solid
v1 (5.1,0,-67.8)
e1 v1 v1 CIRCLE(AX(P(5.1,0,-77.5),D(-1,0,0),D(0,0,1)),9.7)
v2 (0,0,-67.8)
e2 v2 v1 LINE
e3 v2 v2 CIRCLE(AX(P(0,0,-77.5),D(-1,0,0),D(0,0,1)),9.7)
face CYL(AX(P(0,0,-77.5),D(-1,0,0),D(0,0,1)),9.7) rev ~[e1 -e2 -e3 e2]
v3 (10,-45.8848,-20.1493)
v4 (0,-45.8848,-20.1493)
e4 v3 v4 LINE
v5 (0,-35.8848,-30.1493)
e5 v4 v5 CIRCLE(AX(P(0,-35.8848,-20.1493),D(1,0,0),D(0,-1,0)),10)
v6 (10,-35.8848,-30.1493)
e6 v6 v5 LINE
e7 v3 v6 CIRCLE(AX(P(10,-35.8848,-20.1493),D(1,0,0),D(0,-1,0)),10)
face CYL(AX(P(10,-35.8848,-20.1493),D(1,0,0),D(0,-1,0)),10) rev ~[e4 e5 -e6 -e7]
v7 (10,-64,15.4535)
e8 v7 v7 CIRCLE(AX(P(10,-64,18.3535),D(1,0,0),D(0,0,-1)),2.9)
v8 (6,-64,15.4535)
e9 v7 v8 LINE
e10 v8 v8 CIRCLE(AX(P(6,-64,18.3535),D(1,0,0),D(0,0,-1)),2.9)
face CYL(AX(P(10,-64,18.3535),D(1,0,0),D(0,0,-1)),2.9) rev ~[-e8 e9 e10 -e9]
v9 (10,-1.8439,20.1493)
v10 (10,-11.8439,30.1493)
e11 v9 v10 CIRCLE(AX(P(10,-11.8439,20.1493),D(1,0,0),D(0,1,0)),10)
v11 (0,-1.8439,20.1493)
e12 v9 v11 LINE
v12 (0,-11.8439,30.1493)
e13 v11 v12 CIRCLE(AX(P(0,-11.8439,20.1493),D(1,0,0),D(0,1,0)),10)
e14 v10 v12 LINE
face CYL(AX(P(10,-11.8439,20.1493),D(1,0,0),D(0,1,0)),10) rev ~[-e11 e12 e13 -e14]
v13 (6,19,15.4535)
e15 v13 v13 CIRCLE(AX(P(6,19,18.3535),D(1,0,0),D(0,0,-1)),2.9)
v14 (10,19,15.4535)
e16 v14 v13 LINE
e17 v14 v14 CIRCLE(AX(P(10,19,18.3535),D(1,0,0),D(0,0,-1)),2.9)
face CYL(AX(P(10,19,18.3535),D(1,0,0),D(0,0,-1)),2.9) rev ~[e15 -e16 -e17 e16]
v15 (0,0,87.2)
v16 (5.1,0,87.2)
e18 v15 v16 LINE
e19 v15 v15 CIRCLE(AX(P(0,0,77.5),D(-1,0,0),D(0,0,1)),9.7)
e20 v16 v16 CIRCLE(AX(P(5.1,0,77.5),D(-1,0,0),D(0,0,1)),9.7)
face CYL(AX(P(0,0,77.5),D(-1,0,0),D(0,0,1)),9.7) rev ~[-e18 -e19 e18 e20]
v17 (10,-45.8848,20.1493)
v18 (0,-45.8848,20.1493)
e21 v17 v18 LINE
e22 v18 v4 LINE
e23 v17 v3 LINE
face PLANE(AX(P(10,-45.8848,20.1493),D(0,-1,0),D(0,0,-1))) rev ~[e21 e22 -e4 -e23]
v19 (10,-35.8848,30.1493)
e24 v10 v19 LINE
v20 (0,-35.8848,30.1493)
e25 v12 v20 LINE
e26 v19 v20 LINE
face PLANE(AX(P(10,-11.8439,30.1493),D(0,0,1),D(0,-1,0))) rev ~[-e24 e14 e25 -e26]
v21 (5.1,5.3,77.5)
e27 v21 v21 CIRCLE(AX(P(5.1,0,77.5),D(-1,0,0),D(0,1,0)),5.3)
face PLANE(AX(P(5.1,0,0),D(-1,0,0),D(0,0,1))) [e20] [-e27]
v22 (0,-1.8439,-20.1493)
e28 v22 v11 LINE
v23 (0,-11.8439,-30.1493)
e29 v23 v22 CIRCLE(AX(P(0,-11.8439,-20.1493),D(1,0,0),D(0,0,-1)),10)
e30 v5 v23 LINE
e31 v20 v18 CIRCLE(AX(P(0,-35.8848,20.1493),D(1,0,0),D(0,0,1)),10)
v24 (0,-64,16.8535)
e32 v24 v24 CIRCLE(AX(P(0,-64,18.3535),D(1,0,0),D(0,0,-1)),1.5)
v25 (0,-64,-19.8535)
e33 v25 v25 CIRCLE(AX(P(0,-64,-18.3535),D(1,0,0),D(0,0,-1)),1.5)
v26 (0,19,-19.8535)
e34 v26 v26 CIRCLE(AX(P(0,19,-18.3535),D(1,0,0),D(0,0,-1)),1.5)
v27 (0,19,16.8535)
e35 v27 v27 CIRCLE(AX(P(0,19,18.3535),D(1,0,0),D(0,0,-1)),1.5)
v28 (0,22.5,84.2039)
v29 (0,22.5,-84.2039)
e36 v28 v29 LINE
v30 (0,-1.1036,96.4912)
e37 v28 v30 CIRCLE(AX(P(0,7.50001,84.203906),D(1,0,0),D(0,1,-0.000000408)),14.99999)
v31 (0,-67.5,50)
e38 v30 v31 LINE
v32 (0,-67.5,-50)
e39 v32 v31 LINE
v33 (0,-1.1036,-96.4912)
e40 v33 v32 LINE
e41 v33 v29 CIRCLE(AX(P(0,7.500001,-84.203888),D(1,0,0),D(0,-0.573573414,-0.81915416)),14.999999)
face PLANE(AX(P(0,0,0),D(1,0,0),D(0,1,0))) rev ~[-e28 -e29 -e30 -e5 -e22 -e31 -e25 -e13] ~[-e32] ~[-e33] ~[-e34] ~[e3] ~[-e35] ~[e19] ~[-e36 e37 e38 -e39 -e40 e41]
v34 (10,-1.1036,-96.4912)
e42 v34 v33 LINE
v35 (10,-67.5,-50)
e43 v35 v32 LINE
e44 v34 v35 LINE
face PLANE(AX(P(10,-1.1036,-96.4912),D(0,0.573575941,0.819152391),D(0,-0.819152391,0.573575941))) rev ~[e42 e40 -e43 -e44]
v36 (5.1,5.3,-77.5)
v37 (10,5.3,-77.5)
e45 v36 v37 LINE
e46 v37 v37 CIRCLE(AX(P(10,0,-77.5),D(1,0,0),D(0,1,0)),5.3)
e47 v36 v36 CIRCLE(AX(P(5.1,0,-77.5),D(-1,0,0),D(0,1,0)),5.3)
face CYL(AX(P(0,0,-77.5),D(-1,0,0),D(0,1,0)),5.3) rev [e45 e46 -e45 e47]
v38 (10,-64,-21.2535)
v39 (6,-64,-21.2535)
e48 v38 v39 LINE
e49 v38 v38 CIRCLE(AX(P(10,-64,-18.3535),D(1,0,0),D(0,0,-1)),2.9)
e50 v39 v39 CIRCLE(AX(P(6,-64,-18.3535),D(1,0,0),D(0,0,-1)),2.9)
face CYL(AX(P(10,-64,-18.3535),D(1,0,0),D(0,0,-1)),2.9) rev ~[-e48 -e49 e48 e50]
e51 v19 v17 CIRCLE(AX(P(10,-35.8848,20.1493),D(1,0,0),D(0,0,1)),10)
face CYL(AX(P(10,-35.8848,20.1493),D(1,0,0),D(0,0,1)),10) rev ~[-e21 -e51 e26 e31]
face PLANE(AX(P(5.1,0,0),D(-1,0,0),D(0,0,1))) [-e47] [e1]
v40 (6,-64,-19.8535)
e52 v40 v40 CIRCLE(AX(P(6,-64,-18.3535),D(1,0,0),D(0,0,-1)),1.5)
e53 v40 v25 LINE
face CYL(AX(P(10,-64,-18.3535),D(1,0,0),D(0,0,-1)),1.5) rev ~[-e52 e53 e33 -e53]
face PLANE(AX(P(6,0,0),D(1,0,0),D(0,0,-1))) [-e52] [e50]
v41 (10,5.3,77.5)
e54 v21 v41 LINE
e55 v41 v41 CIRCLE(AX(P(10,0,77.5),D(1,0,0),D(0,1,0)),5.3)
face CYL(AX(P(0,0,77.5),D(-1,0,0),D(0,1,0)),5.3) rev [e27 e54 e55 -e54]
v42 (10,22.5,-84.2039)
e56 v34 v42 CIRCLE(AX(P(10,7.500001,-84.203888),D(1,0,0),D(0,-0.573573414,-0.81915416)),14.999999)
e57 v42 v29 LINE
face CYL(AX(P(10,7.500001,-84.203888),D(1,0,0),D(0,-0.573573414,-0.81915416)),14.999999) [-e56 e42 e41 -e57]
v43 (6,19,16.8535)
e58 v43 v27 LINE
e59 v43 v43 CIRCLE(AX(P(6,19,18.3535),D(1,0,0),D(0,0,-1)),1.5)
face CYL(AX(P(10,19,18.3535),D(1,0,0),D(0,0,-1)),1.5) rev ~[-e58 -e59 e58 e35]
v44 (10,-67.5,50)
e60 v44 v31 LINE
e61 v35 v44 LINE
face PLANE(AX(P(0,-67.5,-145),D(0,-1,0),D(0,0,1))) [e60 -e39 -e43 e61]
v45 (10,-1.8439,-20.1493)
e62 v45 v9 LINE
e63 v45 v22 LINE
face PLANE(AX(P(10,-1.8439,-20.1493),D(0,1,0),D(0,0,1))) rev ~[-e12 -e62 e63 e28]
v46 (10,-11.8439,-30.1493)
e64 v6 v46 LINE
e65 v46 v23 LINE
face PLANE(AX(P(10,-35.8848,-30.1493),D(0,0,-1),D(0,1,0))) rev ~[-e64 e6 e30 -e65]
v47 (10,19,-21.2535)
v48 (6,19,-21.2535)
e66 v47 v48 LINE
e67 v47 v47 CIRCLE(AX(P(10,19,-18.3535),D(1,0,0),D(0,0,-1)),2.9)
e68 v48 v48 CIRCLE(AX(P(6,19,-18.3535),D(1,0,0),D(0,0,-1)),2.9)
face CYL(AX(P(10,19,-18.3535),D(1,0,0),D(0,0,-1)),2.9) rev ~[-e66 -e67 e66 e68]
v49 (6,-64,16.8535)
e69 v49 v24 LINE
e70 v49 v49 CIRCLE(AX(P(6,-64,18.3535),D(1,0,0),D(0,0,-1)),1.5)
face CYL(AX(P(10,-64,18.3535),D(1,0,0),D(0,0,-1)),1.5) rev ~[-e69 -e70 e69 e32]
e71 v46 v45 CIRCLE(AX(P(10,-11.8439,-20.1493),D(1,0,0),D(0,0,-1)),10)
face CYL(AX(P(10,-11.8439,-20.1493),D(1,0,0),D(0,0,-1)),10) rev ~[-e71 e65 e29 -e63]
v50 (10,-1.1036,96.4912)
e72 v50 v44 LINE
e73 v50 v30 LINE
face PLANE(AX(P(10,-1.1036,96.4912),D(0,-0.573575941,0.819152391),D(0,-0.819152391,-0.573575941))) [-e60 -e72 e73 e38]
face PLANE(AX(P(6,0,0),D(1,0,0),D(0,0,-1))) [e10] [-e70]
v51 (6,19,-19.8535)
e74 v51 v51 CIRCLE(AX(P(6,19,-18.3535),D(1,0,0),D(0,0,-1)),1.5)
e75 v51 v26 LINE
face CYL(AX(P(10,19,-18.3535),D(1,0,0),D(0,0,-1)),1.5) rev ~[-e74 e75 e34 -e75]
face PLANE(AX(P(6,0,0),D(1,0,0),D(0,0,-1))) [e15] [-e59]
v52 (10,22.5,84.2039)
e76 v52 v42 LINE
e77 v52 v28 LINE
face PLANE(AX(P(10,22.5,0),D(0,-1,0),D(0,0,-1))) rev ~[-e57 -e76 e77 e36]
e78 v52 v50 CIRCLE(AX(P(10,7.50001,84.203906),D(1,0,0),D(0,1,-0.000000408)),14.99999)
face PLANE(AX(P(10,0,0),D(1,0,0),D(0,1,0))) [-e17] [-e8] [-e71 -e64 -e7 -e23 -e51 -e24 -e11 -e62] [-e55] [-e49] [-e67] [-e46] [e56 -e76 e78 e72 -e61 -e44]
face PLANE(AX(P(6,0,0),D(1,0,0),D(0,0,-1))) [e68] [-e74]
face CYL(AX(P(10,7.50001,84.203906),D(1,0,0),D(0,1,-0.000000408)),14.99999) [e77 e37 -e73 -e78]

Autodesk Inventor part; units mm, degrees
ref_plane "YZ Plane" through (0, 0, 0) normal (1, 0, 0) x (0, 1, 0)
ref_plane "XZ Plane" through (0, 0, 0) normal (0, 1, 0) x (-1, 0, 0)
ref_plane "XY Plane" through (0, 0, 0) normal (0, 0, 1) x (1, 0, 0)
sketch "Sketch1" plane through (0, 0, 0) normal (1, 0, 0) x (0, 1, 0)
  line L0 (-67.5, 145) -> (67.5, 145)
  line L1 (67.5, 145) -> (67.5, -145)
  line L2 (67.5, -145) -> (-67.5, -145)
  line L3 (-67.5, -145) -> (-67.5, 145)
  line L4 (-67.5, 145) -> (67.5, -145) construction
  line L5 (67.5, 145) -> (-67.5, -145) construction
  circle A0 centre (0, 77.5) radius 5.3
  circle A1 centre (0, -77.5) radius 5.3
  circle A2 centre (0, 0) radius 5.3
  line L6 (0, 77.5) -> (0, -77.5) construction
  line L7 (57.5, -135) -> (57.5, 135)
  line L8 (57.5, 135) -> (-57.5, 135)
  line L9 (-57.5, 135) -> (-57.5, -135)
  line L10 (-57.5, -135) -> (57.5, -135)
  dimension "d0" = 155
  dimension "d1" = 10.6
  dimension "d2" = 290
  dimension "d3" = 135
  dimension "d4" = 10
extrude "Extrusion1" add sketch "Sketch1" along normal blind 10 contours L0 L1 L2 L3 | A2 | L10 L9 L8 L7
chamfer "Chamfer2" distance 20 angle 45 4 edges at (5, 67.5, -145) (5, -67.5, -145) (5, -67.5, 145) (5, 67.5, 145)
sketch "Sketch5" plane through (10, 0, 0) normal (1, 0, 0) x (0, 0, -1)
  line L0 (50, -67.5) -> (-50, -67.5) projected
  circle A0 centre (0, -15) radius 11 projected
  circle A1 centre (33.234, -33.234) radius 2.75 projected
  circle A2 centre (-33.234, -33.234) radius 2.75 projected
  line L1 (96.4912, -1.1036) -> (50, -67.5) projected
  line L2 (-50, -67.5) -> (-96.4912, -1.1036) projected
  arc A3 (-84.2039, 22.5) -> (-96.4912, -1.1036) centre (-84.2039, 7.5) ccw projected
  line L3 (-84.2039, 22.5) -> (84.2039, 22.5) projected
  arc A4 (96.4912, -1.1036) -> (84.2039, 22.5) centre (84.2039, 7.5) ccw projected
  circle A5 centre (-18.3535, 19) radius 1.5 projected
  circle A6 centre (18.3535, -64) radius 1.5 projected
  circle A7 centre (18.3535, 19) radius 1.5 projected
  circle A8 centre (-18.3535, -64) radius 1.5 projected
  point P0 (0, 0)
extrude "Extrusion4" [suppressed]
sketch "Sketch6" plane through (10, 0, 0) normal (1, 0, 0) x (0, 0, -1)
  line L0 (-145, 47.5) -> (-125, 67.5) projected
  line L1 (-145, 47.5) -> (-145, -47.5) projected
  line L2 (-125, -67.5) -> (-145, -47.5) projected
  line L3 (-125, -67.5) -> (125, -67.5) projected
  line L4 (145, -47.5) -> (125, -67.5) projected
  line L5 (145, -47.5) -> (145, 47.5) projected
  line L6 (125, 67.5) -> (145, 47.5) projected
  line L7 (125, 67.5) -> (-125, 67.5) projected
  circle A0 centre (-77.5, 0) radius 5.3 projected
  circle A1 centre (77.5, 0) radius 5.3 projected
  circle A2 centre (-131.5, 54) radius 2.9
  circle A3 centre (-96.5, -41.5) radius 2.9
  circle A4 centre (96.5, -41.5) radius 2.9
  circle A5 centre (111.5, 46.5) radius 2.9
  point P0 (0, 0)
  dimension "d21" = 5.8
extrude "Extrusion5" cut sketch "Sketch6" against normal blind 3.5 contours A2 | A3 | A4 | A5
sketch "Sketch7" plane through (10, 0, 0) normal (1, 0, 0) x (0, 0, -1)
  circle A0 centre (96.5, -41.5) radius 2.9 projected
  circle A1 centre (-96.5, -41.5) radius 2.9 projected
  circle A2 centre (111.5, 46.5) radius 2.9 projected
  circle A3 centre (-131.5, 54) radius 2.9 projected
  line L0 (-145, 47.5) -> (-125, 67.5) projected
  line L1 (-145, 47.5) -> (-145, -47.5) projected
  line L2 (-125, -67.5) -> (-145, -47.5) projected
  line L3 (-125, -67.5) -> (125, -67.5) projected
  line L4 (145, -47.5) -> (125, -67.5) projected
  line L5 (145, -47.5) -> (145, 47.5) projected
  line L6 (125, 67.5) -> (145, 47.5) projected
  line L7 (125, 67.5) -> (-125, 67.5) projected
  circle A4 centre (-77.5, 0) radius 5.3 projected
  circle A5 centre (77.5, 0) radius 5.3 projected
  line L8 (0, -67.5) -> (0, 22.5)
  line L9 (0, 22.5) -> (-84.2039, 22.5)
  line L10 (-96.4912, -1.1036) -> (-50, -67.5)
  line L11 (-125, -67.5) -> (125, -67.5) projected
  arc A6 (-84.2039, 22.5) -> (-96.4912, -1.1036) centre (-84.2039, 7.5) ccw
  line L12 (0, 22.5) -> (84.2039, 22.5)
  line L13 (96.4912, -1.1036) -> (50, -67.5)
  arc A7 (96.4912, -1.1036) -> (84.2039, 22.5) centre (84.2039, 7.5) ccw
  point P0 (0, 0)
  point P1 (-50, -67.5)
  point P2 (50, -67.5)
  dimension "d27" = 90
  dimension "d28" = 15
  dimension "d29" = 50
  dimension "d30" = 55
extrude "Extrusion6" cut sketch "Sketch7" against normal through all contours A0 | A1 | A2 | A3 | L0 L7 L6 L5 L4 L3 L13 A7 L12 L9 A6 L10 L2 L1
sketch "Sketch8" plane through (10, 0, 0) normal (1, 0, 0) x (0, 0, -1)
  circle A0 centre (-18.3535, 19) radius 1.5 projected
  circle A1 centre (18.3535, 19) radius 1.5 projected
  circle A2 centre (18.3535, -64) radius 1.5 projected
  circle A3 centre (-18.3535, -64) radius 1.5 projected
  point P0 (0, 0)
extrude "Extrusion7" cut sketch "Sketch8" against normal through all
sketch "Sketch9" plane through (10, 0, 0) normal (1, 0, 0) x (0, 0, -1)
  circle A0 centre (-18.3535, -64) radius 1.5 projected
  circle A1 centre (18.3535, 19) radius 1.5 projected
  circle A2 centre (18.3535, -64) radius 1.5 projected
  circle A3 centre (-18.3535, 19) radius 1.5 projected
  line L0 (-96.4912, -1.1036) -> (-50, -67.5) projected
  line L1 (-50, -67.5) -> (50, -67.5) projected
  line L2 (50, -67.5) -> (96.4912, -1.1036) projected
  arc A4 (96.4912, -1.1036) -> (84.2039, 22.5) centre (84.2039, 7.5) ccw projected
  line L3 (84.2039, 22.5) -> (-84.2039, 22.5) projected
  arc A5 (-84.2039, 22.5) -> (-96.4912, -1.1036) centre (-84.2039, 7.5) ccw projected
  circle A6 centre (-77.5, 0) radius 5.3 projected
  circle A7 centre (77.5, 0) radius 5.3 projected
  circle A8 centre (-18.3535, 19) radius 2.9
  circle A9 centre (18.3535, 19) radius 2.9
  circle A10 centre (-18.3535, -64) radius 2.9
  circle A11 centre (18.3535, -64) radius 2.9
  point P0 (0, 0)
  dimension "d35" = 5.8
extrude "Extrusion8" cut sketch "Sketch9" against normal blind 4 contours A0 | A1 | A2 | A3 | A8 | A9 | A10 | A11
sketch "Sketch10" plane through (10, 0, 0) normal (1, 0, 0) x (0, 0, -1)
  line L0 (-20.1493, -45.8848) -> (20.1493, -45.8848)
  line L1 (30.1493, -35.8848) -> (30.1493, -11.8439)
  line L2 (20.1493, -1.8439) -> (-20.1493, -1.8439)
  line L3 (-30.1493, -11.8439) -> (-30.1493, -35.8848)
  line L4 (-30.1493, -45.8848) -> (30.1493, -1.8439) construction
  line L5 (30.1493, -45.8848) -> (-30.1493, -1.8439) construction
  arc A0 (-20.1493, -1.8439) -> (-30.1493, -11.8439) centre (-20.1493, -11.8439) ccw
  arc A1 (30.1493, -11.8439) -> (20.1493, -1.8439) centre (20.1493, -11.8439) ccw
  arc A2 (20.1493, -45.8848) -> (30.1493, -35.8848) centre (20.1493, -35.8848) ccw
  arc A3 (-30.1493, -35.8848) -> (-20.1493, -45.8848) centre (-20.1493, -35.8848) ccw
  point P0 (0, 0)
  point P1 (0, -23.8644)
  dimension "d38" = 10
extrude "Extrusion9" cut sketch "Sketch10" against normal through all
sketch "Sketch11" plane through (0, 0, 0) normal (-1, 0, 0) x (0, 0, 1)
  circle A0 centre (-77.5, 0) radius 5.3 projected
  circle A1 centre (77.5, 0) radius 5.3 projected
  circle A2 centre (-77.5, 0) radius 9.7
  circle A3 centre (77.5, 0) radius 9.7
  point P0 (0, 0)
  dimension "d41" = 19.4
extrude "Extrusion10" cut sketch "Sketch11" against normal blind 5.1 contours A0 | A1 | A2 | A3
properties part number "CAJA" material "Steel, Mild, Welded"
